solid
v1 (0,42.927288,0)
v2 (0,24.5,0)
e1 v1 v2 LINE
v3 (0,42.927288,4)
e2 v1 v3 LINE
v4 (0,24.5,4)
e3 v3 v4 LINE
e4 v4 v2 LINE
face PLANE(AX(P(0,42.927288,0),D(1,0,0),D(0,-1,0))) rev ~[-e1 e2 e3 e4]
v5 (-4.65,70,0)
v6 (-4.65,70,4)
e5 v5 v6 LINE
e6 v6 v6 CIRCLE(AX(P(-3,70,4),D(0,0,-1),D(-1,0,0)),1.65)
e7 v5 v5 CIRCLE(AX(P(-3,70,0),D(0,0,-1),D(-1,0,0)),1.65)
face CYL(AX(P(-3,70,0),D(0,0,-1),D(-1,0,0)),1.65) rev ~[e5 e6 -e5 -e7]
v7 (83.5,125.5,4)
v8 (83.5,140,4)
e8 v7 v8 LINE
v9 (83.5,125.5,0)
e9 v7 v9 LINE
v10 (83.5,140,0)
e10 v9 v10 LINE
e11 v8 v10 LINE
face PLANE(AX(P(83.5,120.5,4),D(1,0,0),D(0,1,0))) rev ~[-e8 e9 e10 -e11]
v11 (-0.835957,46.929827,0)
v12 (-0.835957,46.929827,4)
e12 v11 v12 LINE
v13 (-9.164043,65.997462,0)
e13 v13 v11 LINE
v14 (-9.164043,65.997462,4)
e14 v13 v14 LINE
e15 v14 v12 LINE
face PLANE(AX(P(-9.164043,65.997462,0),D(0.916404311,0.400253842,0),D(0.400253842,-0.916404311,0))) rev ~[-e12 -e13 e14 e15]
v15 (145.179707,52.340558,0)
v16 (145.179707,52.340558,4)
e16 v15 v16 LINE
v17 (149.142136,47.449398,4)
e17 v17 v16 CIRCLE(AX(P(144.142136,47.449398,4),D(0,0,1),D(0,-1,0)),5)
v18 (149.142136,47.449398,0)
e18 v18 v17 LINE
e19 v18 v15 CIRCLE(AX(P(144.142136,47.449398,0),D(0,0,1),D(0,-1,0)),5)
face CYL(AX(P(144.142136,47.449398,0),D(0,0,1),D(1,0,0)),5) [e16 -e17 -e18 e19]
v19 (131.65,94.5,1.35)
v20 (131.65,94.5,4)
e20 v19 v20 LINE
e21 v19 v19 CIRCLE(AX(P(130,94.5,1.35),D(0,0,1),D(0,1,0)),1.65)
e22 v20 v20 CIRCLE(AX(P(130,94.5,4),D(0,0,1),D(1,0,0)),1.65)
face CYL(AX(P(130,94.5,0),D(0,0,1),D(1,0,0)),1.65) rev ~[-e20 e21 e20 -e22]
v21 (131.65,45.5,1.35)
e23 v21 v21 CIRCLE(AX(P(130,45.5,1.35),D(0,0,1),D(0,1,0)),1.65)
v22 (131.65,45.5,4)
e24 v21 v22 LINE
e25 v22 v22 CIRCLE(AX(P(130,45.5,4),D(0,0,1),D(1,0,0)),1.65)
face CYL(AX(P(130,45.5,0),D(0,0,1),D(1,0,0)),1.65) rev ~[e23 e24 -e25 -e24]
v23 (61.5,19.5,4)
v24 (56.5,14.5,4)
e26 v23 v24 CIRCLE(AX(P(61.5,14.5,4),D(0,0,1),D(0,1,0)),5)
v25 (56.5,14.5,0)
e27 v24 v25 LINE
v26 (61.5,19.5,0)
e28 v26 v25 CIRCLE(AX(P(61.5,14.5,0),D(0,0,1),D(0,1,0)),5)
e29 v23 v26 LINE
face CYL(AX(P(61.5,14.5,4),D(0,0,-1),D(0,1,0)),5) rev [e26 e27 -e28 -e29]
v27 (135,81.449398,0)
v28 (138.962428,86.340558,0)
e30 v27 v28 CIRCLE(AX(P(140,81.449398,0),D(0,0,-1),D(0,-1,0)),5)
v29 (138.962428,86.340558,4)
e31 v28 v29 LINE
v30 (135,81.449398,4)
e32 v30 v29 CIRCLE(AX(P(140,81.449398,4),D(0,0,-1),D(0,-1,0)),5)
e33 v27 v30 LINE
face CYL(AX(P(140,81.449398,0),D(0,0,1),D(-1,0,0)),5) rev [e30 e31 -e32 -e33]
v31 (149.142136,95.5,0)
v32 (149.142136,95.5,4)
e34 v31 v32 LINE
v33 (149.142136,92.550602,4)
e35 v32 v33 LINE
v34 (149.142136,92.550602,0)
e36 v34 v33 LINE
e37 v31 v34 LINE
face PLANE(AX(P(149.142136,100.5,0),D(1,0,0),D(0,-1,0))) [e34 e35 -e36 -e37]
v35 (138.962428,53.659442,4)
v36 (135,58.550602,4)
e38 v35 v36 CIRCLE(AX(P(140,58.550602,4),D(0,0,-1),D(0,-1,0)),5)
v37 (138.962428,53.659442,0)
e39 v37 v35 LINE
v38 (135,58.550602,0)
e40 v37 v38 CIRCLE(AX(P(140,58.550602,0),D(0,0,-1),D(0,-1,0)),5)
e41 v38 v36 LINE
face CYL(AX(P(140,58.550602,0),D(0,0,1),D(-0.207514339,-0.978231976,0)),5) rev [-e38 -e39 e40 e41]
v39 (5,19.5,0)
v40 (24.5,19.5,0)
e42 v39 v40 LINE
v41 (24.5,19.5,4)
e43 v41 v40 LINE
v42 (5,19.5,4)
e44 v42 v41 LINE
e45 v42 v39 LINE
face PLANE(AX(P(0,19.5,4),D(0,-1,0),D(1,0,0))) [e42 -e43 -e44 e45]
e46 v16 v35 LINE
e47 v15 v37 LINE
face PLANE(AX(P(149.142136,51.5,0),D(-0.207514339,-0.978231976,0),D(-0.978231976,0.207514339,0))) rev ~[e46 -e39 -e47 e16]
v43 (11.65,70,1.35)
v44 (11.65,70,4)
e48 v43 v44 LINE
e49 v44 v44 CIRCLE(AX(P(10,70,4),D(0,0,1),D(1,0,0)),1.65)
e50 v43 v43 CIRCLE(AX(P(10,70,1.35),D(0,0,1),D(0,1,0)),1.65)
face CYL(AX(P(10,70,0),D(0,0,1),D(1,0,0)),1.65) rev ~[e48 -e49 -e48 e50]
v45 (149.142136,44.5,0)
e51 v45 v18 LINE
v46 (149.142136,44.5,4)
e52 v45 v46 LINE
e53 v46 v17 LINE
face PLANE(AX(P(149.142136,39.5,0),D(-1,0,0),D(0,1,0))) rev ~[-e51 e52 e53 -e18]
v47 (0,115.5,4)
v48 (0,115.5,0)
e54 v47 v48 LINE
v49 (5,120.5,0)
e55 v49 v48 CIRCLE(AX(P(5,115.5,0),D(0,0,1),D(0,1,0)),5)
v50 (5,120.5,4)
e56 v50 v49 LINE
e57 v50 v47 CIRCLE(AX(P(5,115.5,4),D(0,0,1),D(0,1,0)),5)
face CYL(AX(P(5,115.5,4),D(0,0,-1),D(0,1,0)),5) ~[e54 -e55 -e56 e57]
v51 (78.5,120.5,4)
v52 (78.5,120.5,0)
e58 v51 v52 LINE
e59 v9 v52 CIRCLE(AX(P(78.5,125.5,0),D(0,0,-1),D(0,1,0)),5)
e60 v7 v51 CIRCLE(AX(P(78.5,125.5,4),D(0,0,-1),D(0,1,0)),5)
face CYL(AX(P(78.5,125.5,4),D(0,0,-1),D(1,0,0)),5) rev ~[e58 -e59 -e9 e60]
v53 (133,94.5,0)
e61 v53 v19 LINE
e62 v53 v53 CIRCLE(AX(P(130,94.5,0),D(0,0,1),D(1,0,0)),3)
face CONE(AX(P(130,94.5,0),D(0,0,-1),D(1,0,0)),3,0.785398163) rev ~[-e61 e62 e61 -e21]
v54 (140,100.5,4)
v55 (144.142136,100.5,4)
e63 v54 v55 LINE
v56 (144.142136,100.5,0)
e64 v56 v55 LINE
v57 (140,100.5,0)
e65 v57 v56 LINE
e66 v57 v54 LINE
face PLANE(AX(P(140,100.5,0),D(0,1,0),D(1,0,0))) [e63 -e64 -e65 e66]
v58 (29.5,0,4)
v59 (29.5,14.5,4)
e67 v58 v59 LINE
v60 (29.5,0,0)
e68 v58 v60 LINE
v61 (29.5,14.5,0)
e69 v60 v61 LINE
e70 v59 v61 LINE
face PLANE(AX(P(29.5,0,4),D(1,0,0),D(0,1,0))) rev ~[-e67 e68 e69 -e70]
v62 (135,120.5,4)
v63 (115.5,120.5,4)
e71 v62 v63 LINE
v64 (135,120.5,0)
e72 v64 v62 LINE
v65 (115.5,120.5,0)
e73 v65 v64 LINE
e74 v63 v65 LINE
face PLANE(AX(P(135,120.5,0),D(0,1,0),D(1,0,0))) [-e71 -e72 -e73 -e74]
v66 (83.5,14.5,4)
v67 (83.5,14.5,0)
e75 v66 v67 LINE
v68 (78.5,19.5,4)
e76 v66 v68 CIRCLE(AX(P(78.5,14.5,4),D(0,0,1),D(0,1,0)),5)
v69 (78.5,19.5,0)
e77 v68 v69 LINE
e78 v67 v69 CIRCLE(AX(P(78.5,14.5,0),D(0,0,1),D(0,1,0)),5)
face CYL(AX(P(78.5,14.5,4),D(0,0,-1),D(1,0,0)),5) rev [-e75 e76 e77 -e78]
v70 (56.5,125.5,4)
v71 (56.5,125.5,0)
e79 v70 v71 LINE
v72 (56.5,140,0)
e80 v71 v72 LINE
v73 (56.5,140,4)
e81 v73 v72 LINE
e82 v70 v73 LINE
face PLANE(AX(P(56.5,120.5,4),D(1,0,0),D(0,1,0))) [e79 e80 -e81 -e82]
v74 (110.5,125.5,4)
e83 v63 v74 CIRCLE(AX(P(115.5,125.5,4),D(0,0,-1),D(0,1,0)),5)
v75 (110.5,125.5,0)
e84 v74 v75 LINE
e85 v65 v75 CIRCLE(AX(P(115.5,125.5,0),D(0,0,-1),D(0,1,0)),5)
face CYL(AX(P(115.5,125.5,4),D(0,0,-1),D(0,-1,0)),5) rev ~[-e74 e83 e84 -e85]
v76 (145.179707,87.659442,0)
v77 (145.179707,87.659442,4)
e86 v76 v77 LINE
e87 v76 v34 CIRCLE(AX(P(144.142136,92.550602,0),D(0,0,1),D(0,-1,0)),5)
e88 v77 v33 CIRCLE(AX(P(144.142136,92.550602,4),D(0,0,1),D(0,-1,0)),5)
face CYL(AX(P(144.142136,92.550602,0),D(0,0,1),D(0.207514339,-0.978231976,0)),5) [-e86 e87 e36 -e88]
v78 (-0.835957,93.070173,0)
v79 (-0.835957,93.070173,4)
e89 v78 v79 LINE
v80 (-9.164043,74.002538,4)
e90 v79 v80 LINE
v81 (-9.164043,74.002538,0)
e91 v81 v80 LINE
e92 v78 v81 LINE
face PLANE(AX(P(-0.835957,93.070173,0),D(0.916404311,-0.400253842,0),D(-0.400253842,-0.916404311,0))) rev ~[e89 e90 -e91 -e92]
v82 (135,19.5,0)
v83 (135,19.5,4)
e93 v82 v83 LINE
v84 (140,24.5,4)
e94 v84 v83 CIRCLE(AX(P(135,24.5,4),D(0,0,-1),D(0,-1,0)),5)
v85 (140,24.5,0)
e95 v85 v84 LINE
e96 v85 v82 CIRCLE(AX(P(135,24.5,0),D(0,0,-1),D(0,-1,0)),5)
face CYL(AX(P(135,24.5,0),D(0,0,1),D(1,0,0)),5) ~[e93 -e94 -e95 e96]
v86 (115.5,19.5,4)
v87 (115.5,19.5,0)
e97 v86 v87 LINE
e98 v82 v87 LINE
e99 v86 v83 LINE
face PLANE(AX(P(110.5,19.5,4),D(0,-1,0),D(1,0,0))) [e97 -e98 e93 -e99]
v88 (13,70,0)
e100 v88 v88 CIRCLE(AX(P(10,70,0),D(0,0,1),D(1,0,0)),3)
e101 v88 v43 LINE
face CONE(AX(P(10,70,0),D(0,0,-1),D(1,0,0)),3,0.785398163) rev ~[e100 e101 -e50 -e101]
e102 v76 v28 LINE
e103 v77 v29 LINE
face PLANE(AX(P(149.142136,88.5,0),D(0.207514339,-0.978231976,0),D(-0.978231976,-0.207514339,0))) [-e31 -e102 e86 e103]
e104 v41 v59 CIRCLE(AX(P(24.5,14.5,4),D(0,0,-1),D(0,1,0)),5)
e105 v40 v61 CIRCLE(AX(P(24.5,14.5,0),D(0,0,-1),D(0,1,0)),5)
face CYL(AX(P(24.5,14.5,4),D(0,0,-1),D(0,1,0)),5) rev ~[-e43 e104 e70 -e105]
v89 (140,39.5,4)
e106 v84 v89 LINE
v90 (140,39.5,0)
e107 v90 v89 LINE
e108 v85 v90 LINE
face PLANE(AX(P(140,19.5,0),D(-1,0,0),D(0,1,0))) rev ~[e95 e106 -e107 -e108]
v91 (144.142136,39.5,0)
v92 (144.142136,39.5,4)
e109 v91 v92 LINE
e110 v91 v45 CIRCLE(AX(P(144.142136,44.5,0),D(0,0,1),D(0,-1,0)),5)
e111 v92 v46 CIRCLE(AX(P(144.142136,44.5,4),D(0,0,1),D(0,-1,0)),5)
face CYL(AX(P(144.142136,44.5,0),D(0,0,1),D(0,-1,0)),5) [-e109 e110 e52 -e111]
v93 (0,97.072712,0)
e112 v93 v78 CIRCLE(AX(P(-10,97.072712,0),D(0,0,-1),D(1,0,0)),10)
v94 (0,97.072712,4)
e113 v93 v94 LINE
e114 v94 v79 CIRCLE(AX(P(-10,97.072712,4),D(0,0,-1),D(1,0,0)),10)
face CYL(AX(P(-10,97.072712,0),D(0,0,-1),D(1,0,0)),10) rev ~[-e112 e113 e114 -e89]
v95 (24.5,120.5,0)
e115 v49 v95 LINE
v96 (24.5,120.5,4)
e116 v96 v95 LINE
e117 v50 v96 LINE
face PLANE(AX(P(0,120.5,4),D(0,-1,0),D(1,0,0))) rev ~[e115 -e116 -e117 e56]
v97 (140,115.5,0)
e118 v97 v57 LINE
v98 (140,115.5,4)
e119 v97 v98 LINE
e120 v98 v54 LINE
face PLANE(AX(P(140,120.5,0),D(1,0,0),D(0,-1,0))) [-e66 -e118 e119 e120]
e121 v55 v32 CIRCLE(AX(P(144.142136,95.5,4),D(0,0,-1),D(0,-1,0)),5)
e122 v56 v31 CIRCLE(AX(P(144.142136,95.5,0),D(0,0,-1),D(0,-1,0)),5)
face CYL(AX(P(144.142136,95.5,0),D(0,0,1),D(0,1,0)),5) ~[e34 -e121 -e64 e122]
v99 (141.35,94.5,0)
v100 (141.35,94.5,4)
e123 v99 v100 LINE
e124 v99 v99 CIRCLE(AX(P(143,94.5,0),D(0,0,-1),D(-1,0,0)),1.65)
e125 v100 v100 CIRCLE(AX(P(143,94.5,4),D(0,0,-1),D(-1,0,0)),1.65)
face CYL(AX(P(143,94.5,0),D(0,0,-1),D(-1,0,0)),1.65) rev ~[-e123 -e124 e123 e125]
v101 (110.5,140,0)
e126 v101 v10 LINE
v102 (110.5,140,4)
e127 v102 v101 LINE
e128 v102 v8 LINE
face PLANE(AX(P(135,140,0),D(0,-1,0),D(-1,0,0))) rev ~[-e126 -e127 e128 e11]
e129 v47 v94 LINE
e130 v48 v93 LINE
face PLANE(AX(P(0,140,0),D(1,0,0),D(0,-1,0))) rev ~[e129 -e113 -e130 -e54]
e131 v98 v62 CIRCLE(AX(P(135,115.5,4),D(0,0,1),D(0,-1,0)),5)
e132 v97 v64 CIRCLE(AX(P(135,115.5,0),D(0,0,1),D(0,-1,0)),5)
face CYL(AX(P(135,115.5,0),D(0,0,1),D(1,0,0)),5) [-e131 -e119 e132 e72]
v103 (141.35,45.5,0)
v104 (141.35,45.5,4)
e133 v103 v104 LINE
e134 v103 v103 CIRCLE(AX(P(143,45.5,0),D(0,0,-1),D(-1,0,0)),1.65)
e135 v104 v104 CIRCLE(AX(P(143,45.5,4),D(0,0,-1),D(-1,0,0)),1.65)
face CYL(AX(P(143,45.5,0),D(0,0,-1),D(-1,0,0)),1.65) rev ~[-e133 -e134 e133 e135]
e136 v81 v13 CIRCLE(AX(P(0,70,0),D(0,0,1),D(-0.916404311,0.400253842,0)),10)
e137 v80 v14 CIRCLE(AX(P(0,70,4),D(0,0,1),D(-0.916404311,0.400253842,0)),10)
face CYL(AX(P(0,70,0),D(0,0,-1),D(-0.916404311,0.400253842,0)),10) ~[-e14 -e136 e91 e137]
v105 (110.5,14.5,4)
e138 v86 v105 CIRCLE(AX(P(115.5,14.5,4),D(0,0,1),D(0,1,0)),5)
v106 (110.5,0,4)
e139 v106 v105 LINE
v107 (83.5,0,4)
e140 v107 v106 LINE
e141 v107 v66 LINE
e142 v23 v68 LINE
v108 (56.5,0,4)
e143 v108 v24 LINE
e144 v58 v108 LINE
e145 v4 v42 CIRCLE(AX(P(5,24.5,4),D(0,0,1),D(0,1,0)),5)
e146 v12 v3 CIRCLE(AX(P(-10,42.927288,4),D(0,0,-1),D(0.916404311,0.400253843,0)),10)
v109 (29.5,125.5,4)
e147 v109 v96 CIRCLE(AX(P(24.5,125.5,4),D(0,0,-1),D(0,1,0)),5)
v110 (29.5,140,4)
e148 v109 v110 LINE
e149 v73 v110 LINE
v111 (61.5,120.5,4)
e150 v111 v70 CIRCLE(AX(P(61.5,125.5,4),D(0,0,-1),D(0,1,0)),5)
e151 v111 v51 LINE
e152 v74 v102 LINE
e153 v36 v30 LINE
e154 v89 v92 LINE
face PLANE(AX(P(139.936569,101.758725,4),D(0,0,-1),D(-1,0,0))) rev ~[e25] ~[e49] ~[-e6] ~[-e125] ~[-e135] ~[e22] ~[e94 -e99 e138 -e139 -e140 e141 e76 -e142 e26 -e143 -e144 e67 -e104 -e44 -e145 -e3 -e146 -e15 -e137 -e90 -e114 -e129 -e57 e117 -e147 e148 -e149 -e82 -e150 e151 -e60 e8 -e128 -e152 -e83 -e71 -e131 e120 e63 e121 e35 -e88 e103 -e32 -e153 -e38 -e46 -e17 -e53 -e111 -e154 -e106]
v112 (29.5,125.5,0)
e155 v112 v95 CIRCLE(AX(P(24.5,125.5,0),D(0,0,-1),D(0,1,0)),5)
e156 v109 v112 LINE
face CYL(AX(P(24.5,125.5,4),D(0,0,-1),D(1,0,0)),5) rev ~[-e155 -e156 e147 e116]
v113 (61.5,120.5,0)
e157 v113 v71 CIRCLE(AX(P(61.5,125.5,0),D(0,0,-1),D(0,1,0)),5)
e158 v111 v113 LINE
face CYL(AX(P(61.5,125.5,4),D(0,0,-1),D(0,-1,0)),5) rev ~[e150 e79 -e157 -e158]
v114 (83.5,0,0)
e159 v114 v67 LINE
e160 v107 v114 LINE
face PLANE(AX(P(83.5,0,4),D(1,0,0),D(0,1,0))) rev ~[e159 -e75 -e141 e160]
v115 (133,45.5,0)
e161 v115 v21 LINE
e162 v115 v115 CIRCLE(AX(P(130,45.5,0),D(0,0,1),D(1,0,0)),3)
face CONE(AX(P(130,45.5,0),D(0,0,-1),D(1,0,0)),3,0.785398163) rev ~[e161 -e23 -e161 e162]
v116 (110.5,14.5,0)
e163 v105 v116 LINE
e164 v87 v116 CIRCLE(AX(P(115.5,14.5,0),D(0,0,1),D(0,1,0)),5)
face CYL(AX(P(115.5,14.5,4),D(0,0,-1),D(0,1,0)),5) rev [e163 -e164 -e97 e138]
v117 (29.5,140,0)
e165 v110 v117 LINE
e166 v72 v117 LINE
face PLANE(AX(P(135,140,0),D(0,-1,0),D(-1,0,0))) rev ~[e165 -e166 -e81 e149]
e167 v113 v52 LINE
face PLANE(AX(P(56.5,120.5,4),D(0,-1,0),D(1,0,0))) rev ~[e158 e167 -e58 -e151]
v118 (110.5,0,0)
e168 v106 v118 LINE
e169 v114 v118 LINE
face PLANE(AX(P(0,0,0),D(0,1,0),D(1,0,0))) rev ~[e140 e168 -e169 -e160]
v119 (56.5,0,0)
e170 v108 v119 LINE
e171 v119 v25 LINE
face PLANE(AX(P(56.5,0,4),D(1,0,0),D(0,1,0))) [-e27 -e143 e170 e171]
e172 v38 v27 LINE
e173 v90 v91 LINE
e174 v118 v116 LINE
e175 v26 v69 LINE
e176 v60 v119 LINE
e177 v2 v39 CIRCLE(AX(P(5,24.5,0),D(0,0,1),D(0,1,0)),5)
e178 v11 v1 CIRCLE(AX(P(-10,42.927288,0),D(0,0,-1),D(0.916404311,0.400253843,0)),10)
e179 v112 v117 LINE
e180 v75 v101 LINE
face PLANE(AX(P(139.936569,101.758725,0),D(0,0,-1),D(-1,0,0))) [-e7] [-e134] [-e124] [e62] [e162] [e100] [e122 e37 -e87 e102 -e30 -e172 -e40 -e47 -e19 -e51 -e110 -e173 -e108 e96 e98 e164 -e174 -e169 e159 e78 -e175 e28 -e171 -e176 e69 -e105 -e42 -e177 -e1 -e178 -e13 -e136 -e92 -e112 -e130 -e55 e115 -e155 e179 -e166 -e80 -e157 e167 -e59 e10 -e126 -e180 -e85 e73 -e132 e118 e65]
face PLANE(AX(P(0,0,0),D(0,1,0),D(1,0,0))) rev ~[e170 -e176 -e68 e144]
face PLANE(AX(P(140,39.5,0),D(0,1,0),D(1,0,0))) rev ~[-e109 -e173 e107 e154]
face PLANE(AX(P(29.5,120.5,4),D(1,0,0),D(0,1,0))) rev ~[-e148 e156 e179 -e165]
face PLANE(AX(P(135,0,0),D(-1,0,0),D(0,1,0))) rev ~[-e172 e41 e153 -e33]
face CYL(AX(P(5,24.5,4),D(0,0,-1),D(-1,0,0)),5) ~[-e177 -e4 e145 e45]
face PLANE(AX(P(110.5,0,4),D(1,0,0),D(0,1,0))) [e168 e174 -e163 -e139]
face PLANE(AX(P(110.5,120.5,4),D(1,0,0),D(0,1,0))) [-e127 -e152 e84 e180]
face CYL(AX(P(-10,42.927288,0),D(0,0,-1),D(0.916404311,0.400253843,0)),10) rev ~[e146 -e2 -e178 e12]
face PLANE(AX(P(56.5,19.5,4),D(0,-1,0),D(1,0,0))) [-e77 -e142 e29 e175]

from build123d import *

# Parameters (mm, degrees)
BOSS_EXTRUDE1_DEPTH                             = 4
SKETCH3_W                                       = 29.5
SKETCH3_H                                       = 19.5
SKETCH3_W_2                                     = 27
CUT_EXTRUDE3_DEPTH                              = 195.527632999
BOSS_EXTRUDE2_DEPTH                             = 4
FILLET5_R                                       = 5
CSK_FOR_M3_FLAT_HEAD_MACHINE_SCREW1_D           = 3.3
CSK_FOR_M3_FLAT_HEAD_MACHINE_SCREW1_CSINK_D     = 6
CSK_FOR_M3_FLAT_HEAD_MACHINE_SCREW1_CSINK_ANGLE = 90
SKETCH8_R                                       = 1.65
CUT_EXTRUDE4_DEPTH                              = 205.595641739
FILLET6_R                                       = 5


with BuildPart() as part:
    # Sketch1 → Boss-Extrude1 (new body)
    with BuildSketch(Plane.XY):
        with BuildLine():
            Line((0, 0), (135, 0))
            Line((135, 0), (135, 140))
            Line((135, 140), (0, 140))
            Line((0, 140), (0, 97.072711728))
            ThreePointArc((0, 97.072711728), (-0.211219914, 95.028259617), (-0.835956887, 93.070173307))
            Line((-0.835956887, 93.070173307), (-9.164043113, 74.002538421))
            ThreePointArc((-9.164043113, 74.002538421), (-10, 70), (-9.164043113, 65.997461579))
            Line((-9.164043113, 65.997461579), (-0.835956887, 46.929826693))
            ThreePointArc((-0.835956887, 46.929826693), (-0.211219914, 44.971740383), (0, 42.927288272))
            Line((0, 42.927288272), (0, 0))
        make_face()
    extrude(amount=BOSS_EXTRUDE1_DEPTH)

    # Sketch3 → Cut-Extrude3 (cut, through all)
    with BuildSketch(Plane.XY.offset(4)):
        with Locations((14.75, 9.75)):
            Rectangle(SKETCH3_W, SKETCH3_H)
        with Locations((70, 9.75)):
            Rectangle(SKETCH3_W_2, SKETCH3_H)
        with Locations((125.25, 130.25)):
            Rectangle(SKETCH3_W, SKETCH3_H)
        with Locations((125.25, 9.75)):
            Rectangle(SKETCH3_W, SKETCH3_H)
        with Locations((14.75, 130.25)):
            Rectangle(SKETCH3_W, SKETCH3_H)
        with Locations((70, 130.25)):
            Rectangle(SKETCH3_W_2, SKETCH3_H)
    extrude(amount=-CUT_EXTRUDE3_DEPTH, mode=Mode.SUBTRACT)

    # Sketch9 → Boss-Extrude2 (add)
    with BuildSketch(Plane(origin=(0, 0, 0), x_dir=(-1, 0, 0), z_dir=(0, 0, -1))):
        Polygon((-140, 100.5), (-149.142135624, 100.5), (-149.142135624, 88.5), (-135, 85.5), (-135, 105.5), (-135, 120.5), (-140, 120.5), align=None)
        Polygon((-140, 19.5), (-140, 39.5), (-149.142135624, 39.5), (-149.142135624, 51.5), (-135, 54.5), (-135, 34.5), (-135, 19.5), align=None)
    extrude(amount=-BOSS_EXTRUDE2_DEPTH)

    # Fillet5
    fillet5_edges = [part.edges().sort_by_distance(p)[0] for p in [
        (135, 85.5, 2),
        (149.142135624, 88.5, 2),
        (149.142135624, 100.5, 2),
        (149.142135624, 39.5, 2),
        (149.142135624, 51.5, 2),
        (135, 54.5, 2),
    ]]
    fillet(fillet5_edges, radius=FILLET5_R)

    # CSK for M3 Flat Head Machine Screw1 (through all)
    with Locations(Plane(origin=(0, 0, 0), x_dir=(-1, 0, 0), z_dir=(0, 0, -1))):
        with Locations((-10, 70), (-130, 94.5), (-130, 45.5)):
            CounterSinkHole(CSK_FOR_M3_FLAT_HEAD_MACHINE_SCREW1_D / 2, CSK_FOR_M3_FLAT_HEAD_MACHINE_SCREW1_CSINK_D / 2, counter_sink_angle=CSK_FOR_M3_FLAT_HEAD_MACHINE_SCREW1_CSINK_ANGLE)

    # Sketch8 → Cut-Extrude4 (cut, through all)
    with BuildSketch(Plane(origin=(0, 0, 0), x_dir=(-1, 0, 0), z_dir=(0, 0, -1))):
        with Locations((3, 70)):
            Circle(SKETCH8_R)
        with Locations((-143, 94.5)):
            Circle(SKETCH8_R)
        with Locations((-143, 45.5)):
            Circle(SKETCH8_R)
    extrude(amount=-CUT_EXTRUDE4_DEPTH, mode=Mode.SUBTRACT)

    # Fillet6
    fillet6_edges = [part.edges().sort_by_distance(p)[0] for p in [
        (83.5, 120.5, 2),
        (56.5, 120.5, 2),
        (140, 120.5, 2),
        (140, 19.5, 2),
        (0, 19.5, 2),
        (29.5, 19.5, 2),
        (56.5, 19.5, 2),
        (83.5, 19.5, 2),
        (110.5, 19.5, 2),
        (110.5, 120.5, 2),
        (29.5, 120.5, 2),
        (0, 120.5, 2),
    ]]
    fillet(fillet6_edges, radius=FILLET6_R)


solid = part.part
